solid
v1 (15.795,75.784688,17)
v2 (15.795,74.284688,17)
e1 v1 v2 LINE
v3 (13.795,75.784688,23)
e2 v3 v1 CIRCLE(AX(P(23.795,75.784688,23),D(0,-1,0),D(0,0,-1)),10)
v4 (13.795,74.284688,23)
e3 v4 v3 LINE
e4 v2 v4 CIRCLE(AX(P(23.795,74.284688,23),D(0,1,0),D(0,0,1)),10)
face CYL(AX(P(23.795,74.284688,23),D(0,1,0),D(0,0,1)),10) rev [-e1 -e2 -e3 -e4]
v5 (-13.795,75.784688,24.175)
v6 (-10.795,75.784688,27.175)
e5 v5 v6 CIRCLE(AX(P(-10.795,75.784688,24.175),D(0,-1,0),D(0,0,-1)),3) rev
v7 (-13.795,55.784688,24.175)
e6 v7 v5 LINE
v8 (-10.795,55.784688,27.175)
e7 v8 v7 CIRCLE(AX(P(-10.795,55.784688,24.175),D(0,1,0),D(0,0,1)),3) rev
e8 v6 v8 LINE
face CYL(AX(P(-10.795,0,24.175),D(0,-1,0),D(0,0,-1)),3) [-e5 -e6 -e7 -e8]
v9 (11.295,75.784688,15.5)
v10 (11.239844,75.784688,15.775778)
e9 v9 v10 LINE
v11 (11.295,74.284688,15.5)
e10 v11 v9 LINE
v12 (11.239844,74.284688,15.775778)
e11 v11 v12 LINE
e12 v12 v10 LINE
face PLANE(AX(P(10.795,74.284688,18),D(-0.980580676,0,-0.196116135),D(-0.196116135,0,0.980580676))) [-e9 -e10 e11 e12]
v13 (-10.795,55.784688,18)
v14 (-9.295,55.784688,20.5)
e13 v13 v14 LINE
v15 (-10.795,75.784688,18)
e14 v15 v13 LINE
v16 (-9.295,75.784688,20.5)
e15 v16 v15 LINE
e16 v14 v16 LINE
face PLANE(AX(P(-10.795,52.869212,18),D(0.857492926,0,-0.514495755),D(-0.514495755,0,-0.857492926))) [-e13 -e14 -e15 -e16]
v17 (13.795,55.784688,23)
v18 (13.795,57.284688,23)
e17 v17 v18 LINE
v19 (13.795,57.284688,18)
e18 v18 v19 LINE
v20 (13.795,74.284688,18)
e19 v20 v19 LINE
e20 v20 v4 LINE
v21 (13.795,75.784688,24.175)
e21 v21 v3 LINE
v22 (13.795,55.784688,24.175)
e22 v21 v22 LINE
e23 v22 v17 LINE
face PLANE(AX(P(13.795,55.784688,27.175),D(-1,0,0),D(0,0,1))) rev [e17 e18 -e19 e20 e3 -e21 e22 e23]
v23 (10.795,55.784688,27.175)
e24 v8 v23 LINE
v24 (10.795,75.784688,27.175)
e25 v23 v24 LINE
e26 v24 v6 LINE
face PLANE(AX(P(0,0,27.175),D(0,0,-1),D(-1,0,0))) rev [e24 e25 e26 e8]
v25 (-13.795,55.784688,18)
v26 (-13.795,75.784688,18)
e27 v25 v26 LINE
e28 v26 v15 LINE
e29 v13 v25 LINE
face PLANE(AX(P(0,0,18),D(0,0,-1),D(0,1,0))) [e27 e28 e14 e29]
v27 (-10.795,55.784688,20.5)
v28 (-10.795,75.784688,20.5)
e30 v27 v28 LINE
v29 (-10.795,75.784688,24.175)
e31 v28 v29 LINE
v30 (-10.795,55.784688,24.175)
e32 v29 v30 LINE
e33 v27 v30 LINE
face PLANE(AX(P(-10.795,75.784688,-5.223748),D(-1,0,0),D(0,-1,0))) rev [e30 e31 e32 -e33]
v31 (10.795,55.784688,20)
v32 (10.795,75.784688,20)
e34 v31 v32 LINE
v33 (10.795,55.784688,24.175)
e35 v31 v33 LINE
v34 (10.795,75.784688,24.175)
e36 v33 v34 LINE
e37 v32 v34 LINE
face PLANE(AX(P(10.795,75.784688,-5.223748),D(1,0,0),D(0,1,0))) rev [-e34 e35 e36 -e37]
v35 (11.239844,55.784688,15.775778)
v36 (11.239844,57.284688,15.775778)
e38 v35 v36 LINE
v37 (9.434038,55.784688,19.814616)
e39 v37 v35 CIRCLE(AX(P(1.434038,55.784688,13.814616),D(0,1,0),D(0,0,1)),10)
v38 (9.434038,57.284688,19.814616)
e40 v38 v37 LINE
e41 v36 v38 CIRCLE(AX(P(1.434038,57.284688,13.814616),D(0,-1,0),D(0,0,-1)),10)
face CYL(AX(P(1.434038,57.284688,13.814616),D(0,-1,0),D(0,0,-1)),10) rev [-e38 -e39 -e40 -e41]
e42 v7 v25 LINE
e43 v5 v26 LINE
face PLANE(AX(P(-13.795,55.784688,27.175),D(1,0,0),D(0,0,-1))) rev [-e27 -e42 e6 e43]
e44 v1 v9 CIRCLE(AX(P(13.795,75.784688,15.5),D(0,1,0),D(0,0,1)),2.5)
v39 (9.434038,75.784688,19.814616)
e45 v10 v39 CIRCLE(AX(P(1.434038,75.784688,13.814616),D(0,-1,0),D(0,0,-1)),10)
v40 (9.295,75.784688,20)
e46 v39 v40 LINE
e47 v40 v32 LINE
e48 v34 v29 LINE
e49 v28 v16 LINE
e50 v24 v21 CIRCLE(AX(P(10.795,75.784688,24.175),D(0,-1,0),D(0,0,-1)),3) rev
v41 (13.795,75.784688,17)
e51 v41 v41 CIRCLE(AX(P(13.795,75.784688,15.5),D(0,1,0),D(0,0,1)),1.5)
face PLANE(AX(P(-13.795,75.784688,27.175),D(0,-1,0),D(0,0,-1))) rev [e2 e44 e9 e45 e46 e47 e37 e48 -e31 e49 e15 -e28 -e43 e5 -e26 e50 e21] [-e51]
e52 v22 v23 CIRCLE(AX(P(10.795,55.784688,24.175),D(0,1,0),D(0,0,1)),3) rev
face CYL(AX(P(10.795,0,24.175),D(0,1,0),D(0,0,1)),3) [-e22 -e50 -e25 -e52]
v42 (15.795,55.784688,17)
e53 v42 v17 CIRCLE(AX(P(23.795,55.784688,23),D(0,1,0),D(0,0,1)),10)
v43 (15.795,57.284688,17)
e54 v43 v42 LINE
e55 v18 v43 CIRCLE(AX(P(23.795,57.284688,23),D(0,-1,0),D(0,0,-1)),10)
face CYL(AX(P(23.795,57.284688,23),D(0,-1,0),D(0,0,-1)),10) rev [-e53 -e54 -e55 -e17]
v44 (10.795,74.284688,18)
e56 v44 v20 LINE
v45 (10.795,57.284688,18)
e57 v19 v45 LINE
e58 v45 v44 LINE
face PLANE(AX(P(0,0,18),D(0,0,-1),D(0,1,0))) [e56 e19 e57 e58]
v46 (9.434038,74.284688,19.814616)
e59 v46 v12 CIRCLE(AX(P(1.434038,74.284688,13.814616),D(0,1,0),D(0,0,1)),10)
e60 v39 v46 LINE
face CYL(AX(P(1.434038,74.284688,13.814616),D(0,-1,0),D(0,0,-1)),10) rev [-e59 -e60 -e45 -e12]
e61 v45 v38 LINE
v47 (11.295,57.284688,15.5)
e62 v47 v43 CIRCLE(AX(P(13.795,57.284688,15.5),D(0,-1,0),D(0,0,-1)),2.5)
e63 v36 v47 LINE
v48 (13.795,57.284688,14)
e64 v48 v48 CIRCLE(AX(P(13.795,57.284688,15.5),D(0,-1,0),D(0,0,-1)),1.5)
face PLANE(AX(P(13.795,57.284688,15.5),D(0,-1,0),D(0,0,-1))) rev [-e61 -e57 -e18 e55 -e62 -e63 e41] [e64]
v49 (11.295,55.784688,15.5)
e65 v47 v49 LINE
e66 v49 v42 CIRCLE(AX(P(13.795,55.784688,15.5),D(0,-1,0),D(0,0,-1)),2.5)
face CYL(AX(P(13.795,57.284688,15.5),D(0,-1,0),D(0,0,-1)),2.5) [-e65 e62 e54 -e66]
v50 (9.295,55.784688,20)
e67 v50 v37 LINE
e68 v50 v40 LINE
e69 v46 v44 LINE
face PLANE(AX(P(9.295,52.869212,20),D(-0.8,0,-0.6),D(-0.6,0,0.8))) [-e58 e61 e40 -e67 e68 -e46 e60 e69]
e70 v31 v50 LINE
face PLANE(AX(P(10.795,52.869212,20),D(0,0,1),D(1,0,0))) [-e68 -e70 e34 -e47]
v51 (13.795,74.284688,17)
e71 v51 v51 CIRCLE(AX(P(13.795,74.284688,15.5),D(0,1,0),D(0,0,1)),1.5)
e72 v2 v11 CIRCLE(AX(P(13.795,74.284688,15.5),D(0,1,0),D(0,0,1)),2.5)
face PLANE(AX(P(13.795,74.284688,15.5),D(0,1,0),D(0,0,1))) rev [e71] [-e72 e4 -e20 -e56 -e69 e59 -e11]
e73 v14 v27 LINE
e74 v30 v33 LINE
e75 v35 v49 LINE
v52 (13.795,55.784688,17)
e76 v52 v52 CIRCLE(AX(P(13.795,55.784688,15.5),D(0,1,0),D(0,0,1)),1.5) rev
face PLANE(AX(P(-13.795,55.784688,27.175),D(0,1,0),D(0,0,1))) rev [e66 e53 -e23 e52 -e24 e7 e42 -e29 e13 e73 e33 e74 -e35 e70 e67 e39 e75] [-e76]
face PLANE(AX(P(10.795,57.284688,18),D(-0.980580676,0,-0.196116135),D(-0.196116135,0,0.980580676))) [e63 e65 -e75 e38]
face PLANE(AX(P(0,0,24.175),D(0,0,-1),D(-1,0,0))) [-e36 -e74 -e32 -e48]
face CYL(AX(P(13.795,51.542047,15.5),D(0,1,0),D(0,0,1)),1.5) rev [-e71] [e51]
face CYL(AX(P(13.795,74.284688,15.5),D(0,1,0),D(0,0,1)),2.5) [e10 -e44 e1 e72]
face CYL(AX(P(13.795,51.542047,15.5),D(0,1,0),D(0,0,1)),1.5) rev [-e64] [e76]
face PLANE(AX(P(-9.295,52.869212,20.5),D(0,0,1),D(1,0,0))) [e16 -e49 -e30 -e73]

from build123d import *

# Parameters (mm, degrees)
SKETCH1_W           = 27.59
SKETCH1_H           = 20
BOSS_EXTRUDE1_DEPTH = 3
SKETCH2_W           = 3
SKETCH2_H           = 20
BOSS_EXTRUDE2_DEPTH = 6.175
BOSS_EXTRUDE3_DEPTH = 20
BOSS_EXTRUDE5_DEPTH = 1.5
BOSS_EXTRUDE6_START = -1.5
BOSS_EXTRUDE6_DEPTH = 1.5
CUT_EXTRUDE1_START  = -20
SKETCH8_R           = 1.5
CUT_EXTRUDE1_DEPTH  = 20
FILLET1_R           = 10
FILLET2_R           = 10
FILLET4_R           = 3


with BuildPart() as part:
    # Sketch1 → Boss-Extrude1 (new body)
    with BuildSketch(Plane.XY.offset(24.175)):
        with Locations((0, 65.784687602)):
            Rectangle(SKETCH1_W, SKETCH1_H)
    extrude(amount=BOSS_EXTRUDE1_DEPTH)

    # Sketch2 → Boss-Extrude2 (add)
    with BuildSketch(Plane(origin=(0, 0, 24.175), x_dir=(-1, 0, 0), z_dir=(0, 0, -1))):
        with Locations((-12.295, 65.784687602)):
            Rectangle(SKETCH2_W, SKETCH2_H)
        with Locations((12.295, 65.784687602)):
            Rectangle(SKETCH2_W, SKETCH2_H)
    extrude(amount=BOSS_EXTRUDE2_DEPTH)

    # Sketch4 → Boss-Extrude3 (add)
    with BuildSketch(Plane(origin=(0, 75.784687602, 0), x_dir=(1, 0, 0), z_dir=(0, 1, 0))):
        Polygon((-10.795, -20.5), (-10.795, -18), (-9.295, -20.5), align=None)
        Polygon((10.795, -18), (10.795, -20), (9.295, -20), align=None)
    extrude(amount=-BOSS_EXTRUDE3_DEPTH)

    # Sketch6 → Boss-Extrude5 (add)
    with BuildSketch(Plane.XZ.offset(-55.784687602)):
        with BuildLine():
            Line((10.795, 18), (11.295, 15.5))
            ThreePointArc((11.295, 15.5), (15.562766953, 13.732233047), (13.795, 18))
            Line((13.795, 18), (10.795, 18))
        make_face()
    extrude(amount=-BOSS_EXTRUDE5_DEPTH)

    # Sketch7 → Boss-Extrude6 (add)
    with BuildSketch(Plane(origin=(0, 75.784687602, 0), x_dir=(1, 0, 0), z_dir=(0, 1, 0)).offset(BOSS_EXTRUDE6_START)):
        with BuildLine():
            Line((10.795, -18), (11.295, -15.5))
            ThreePointArc((11.295, -15.5), (15.562766953, -13.732233047), (13.795, -18))
            Line((13.795, -18), (10.795, -18))
        make_face()
    extrude(amount=BOSS_EXTRUDE6_DEPTH)

    # Sketch8 → Cut-Extrude1 (cut)
    with BuildSketch(Plane(origin=(0, 75.784687602, 0), x_dir=(1, 0, 0), z_dir=(0, 1, 0)).offset(CUT_EXTRUDE1_START)):
        with Locations(Location((13.795, -15.5, 0), (0, 0, 270))):
            Circle(SKETCH8_R)
    extrude(amount=CUT_EXTRUDE1_DEPTH, mode=Mode.SUBTRACT)

    # Fillet1
    fillet1_edges = [part.edges().sort_by_distance(p)[0] for p in [
        (13.795, 75.034687602, 18),
        (13.795, 56.534687602, 18),
    ]]
    fillet(fillet1_edges, radius=FILLET1_R)

    # Fillet2
    fillet2_edges = [part.edges().sort_by_distance(p)[0] for p in [
        (10.795, 56.534687602, 18),
        (10.795, 75.034687602, 18),
    ]]
    fillet(fillet2_edges, radius=FILLET2_R)

    # Fillet4
    fillet4_edges = [part.edges().sort_by_distance(p)[0] for p in [
        (13.795, 65.784687602, 27.175),
        (-13.795, 65.784687602, 27.175),
    ]]
    fillet(fillet4_edges, radius=FILLET4_R)


solid = part.part
